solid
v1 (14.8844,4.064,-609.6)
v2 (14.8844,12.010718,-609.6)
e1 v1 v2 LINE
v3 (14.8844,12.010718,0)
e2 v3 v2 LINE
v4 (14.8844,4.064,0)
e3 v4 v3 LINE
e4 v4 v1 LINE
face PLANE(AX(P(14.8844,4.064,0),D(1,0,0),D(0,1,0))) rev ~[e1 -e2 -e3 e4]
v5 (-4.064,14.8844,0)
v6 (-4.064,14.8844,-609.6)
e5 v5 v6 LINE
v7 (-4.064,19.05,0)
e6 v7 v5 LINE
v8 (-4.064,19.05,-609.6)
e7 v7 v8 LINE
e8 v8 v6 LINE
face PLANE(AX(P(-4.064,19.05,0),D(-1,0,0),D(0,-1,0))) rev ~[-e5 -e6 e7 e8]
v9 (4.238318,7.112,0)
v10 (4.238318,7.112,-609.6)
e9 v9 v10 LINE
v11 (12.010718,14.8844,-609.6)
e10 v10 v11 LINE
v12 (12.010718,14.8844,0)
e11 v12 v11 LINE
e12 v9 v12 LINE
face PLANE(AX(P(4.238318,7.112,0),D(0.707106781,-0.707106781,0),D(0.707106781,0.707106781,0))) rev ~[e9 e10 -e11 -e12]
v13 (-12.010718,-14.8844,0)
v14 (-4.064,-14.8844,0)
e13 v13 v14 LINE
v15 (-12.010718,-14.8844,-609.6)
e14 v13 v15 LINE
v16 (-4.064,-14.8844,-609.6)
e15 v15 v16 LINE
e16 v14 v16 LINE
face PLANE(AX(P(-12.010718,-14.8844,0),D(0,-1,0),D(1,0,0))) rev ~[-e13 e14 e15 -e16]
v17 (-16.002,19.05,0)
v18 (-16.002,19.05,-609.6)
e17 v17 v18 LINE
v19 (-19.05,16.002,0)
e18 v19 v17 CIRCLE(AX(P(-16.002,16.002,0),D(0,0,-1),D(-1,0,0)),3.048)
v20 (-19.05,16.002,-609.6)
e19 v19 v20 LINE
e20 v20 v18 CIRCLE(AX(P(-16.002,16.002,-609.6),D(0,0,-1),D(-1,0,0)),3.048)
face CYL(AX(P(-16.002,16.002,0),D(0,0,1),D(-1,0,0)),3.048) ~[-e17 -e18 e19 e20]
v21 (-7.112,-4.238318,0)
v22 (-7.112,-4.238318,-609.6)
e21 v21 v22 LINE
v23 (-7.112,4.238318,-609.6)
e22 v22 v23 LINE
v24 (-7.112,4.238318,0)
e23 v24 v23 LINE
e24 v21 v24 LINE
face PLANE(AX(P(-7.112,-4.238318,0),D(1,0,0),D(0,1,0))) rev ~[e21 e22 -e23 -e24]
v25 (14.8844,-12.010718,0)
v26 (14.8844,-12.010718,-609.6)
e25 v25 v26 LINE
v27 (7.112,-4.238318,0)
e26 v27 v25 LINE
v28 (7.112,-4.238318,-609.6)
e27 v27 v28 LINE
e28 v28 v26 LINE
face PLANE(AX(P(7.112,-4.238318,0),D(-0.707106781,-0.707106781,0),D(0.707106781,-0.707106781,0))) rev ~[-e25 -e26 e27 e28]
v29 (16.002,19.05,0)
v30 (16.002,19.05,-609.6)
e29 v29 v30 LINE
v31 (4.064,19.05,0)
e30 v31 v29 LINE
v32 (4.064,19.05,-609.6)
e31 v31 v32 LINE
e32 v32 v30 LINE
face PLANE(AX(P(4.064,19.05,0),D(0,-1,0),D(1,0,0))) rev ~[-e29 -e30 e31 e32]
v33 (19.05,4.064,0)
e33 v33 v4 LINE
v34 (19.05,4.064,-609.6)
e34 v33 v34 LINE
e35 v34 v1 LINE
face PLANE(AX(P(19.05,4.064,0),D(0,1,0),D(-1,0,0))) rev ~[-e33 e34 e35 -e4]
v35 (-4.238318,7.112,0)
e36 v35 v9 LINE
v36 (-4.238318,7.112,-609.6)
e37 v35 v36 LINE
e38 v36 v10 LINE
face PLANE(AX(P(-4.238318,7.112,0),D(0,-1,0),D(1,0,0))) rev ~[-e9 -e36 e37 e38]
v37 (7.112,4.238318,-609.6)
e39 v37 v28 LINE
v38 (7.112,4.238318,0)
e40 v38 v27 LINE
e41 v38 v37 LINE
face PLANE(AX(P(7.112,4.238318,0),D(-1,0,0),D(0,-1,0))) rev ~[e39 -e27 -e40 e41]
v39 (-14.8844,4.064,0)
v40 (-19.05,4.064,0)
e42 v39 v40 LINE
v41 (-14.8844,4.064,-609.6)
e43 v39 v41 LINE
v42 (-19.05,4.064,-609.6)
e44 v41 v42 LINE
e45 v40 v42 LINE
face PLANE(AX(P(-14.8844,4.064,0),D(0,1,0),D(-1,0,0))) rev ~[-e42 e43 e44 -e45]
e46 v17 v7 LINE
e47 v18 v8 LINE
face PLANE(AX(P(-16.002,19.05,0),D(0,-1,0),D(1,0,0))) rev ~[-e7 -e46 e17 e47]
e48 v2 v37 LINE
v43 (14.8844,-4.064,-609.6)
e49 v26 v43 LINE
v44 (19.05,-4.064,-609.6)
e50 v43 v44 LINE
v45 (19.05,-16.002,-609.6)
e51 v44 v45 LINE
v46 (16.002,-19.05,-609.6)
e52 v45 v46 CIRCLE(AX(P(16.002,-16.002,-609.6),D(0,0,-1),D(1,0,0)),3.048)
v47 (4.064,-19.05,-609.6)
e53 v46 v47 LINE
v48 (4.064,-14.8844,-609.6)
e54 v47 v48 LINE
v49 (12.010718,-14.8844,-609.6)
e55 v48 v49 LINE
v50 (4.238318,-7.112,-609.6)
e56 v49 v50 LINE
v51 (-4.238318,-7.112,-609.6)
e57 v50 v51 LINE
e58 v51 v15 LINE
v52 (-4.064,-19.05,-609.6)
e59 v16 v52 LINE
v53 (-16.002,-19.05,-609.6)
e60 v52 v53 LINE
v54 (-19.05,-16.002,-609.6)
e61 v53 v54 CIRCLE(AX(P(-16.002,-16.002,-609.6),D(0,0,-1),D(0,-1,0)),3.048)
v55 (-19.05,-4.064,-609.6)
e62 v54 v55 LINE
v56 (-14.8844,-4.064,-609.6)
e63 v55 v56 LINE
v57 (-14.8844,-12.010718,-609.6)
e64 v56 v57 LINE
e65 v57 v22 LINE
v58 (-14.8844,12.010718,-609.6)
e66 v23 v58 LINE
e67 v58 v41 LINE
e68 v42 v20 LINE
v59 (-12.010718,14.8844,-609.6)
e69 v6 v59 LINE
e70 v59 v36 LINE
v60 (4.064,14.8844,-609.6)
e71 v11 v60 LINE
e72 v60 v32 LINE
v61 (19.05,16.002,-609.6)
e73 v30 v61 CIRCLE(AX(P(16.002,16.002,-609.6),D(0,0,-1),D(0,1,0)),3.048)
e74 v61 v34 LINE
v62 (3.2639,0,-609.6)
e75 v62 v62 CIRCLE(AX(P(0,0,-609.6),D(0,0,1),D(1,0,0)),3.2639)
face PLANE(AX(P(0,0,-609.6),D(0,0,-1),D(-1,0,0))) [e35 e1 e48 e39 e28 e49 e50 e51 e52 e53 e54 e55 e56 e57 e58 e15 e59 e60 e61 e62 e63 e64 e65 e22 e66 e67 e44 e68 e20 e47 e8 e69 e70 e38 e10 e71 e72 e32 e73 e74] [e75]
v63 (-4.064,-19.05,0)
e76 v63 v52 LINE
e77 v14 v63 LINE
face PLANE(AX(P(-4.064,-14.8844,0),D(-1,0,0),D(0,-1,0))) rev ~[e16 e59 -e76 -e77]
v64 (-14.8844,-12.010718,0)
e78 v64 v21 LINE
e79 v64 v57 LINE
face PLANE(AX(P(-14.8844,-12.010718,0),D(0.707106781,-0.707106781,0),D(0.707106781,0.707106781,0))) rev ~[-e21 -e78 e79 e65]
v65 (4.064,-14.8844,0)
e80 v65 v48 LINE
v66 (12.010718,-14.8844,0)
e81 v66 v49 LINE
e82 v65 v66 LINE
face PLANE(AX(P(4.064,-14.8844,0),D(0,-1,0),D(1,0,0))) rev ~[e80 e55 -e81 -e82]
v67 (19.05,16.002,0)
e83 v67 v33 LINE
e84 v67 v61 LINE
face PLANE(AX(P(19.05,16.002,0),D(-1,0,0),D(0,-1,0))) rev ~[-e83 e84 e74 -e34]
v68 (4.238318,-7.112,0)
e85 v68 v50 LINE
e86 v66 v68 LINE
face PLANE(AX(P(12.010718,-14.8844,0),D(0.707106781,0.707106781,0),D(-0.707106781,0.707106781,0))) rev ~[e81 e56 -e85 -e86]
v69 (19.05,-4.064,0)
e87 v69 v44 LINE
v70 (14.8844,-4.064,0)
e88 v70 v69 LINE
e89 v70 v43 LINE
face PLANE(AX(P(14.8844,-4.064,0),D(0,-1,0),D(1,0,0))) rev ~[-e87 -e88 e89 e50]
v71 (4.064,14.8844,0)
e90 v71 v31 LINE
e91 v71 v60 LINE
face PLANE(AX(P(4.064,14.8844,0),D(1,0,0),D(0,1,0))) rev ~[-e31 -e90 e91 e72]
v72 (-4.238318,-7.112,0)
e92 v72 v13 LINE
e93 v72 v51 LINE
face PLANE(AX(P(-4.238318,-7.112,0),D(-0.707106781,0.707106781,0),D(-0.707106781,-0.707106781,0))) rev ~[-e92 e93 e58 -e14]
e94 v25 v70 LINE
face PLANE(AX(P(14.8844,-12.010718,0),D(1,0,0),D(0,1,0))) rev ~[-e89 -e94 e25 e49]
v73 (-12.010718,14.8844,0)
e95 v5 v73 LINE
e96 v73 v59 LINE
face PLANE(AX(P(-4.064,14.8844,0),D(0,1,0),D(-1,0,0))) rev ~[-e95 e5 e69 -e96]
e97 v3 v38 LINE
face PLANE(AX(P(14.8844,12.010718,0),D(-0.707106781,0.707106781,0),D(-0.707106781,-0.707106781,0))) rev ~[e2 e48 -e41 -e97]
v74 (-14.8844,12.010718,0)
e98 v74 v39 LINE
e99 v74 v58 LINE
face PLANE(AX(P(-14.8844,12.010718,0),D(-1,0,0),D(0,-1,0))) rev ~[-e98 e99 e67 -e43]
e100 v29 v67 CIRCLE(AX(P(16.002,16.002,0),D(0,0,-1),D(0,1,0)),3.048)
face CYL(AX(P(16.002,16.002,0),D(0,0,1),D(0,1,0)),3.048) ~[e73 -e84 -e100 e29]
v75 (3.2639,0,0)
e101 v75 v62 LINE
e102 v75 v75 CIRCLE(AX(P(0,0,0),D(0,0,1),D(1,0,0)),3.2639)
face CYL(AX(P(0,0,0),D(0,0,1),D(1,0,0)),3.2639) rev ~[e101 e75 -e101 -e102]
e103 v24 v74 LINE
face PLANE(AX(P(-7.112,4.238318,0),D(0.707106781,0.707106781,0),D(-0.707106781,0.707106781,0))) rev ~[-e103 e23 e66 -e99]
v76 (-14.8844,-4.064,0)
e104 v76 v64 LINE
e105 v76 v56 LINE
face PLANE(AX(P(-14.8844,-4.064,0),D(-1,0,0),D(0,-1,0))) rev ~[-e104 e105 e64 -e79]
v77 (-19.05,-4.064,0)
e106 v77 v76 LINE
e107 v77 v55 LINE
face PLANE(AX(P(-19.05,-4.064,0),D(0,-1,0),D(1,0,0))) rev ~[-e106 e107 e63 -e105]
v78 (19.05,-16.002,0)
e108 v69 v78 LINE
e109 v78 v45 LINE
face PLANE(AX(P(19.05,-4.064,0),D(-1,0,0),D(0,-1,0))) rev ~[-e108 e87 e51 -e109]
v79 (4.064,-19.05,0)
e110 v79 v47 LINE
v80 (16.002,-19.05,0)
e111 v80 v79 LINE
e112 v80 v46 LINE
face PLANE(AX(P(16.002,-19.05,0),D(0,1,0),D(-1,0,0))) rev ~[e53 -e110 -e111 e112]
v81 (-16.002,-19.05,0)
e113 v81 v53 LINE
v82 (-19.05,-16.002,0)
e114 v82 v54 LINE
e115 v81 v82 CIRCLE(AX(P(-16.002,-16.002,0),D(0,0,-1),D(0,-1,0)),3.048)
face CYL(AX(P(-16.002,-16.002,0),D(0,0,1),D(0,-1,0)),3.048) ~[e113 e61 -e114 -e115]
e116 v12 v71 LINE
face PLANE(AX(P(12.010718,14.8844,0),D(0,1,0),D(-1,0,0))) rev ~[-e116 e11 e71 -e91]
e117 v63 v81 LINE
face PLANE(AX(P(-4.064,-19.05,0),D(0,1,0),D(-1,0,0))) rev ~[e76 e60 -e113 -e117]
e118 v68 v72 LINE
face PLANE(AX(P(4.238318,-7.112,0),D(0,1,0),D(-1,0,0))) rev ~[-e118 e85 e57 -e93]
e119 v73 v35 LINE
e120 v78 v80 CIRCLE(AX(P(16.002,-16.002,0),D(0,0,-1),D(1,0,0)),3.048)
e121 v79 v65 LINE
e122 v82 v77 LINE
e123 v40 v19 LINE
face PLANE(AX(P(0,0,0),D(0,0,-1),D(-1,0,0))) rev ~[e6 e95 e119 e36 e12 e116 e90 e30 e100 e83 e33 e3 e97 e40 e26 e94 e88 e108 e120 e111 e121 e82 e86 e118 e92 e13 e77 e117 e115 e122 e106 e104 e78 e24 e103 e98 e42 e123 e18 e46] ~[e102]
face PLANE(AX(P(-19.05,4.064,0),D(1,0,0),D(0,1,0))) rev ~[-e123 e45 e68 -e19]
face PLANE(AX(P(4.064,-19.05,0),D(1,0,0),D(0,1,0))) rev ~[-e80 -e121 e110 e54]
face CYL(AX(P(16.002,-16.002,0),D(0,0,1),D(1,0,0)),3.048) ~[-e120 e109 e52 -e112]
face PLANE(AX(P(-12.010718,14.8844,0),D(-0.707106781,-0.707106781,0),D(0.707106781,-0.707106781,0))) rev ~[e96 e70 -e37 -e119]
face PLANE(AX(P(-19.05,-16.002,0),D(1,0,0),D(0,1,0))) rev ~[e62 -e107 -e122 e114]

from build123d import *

# Parameters (mm, degrees)
SKETCH1_R      = 3.2639
FINALCUT_DEPTH = 609.6


with BuildPart() as part:
    # Sketch1 → FinalCut (new body)
    with BuildSketch(Plane.XY):
        with BuildLine():
            Line((-7.112, 0), (-7.112, 4.238318041))
            Line((-7.112, 4.238318041), (-14.8844, 12.010718041))
            Line((-14.8844, 12.010718041), (-14.8844, 4.064))
            Line((-14.8844, 4.064), (-19.05, 4.064))
            Line((-19.05, 4.064), (-19.05, 16.002))
            ThreePointArc((-19.05, 16.002), (-18.157261469, 18.157261469), (-16.002, 19.05))
            Line((-16.002, 19.05), (-4.064, 19.05))
            Line((-4.064, 19.05), (-4.064, 14.8844))
            Line((-4.064, 14.8844), (-12.010718041, 14.8844))
            Line((-12.010718041, 14.8844), (-4.238318041, 7.112))
            Line((-4.238318041, 7.112), (0, 7.112))
            Line((0, 7.112), (4.238318041, 7.112))
            Line((4.238318041, 7.112), (12.010718041, 14.8844))
            Line((12.010718041, 14.8844), (4.064, 14.8844))
            Line((4.064, 14.8844), (4.064, 19.05))
            Line((4.064, 19.05), (16.002, 19.05))
            ThreePointArc((16.002, 19.05), (18.157261469, 18.157261469), (19.05, 16.002))
            Line((19.05, 16.002), (19.05, 4.064))
            Line((19.05, 4.064), (14.8844, 4.064))
            Line((14.8844, 4.064), (14.8844, 12.010718041))
            Line((14.8844, 12.010718041), (7.112, 4.238318041))
            Line((7.112, 4.238318041), (7.112, 0))
            Line((7.112, 0), (7.112, -4.238318041))
            Line((7.112, -4.238318041), (14.8844, -12.010718041))
            Line((14.8844, -12.010718041), (14.8844, -4.064))
            Line((14.8844, -4.064), (19.05, -4.064))
            Line((19.05, -4.064), (19.05, -16.002))
            ThreePointArc((19.05, -16.002), (18.157261469, -18.157261469), (16.002, -19.05))
            Line((16.002, -19.05), (4.064, -19.05))
            Line((4.064, -19.05), (4.064, -14.8844))
            Line((4.064, -14.8844), (12.010718041, -14.8844))
            Line((12.010718041, -14.8844), (4.238318041, -7.112))
            Line((4.238318041, -7.112), (0, -7.112))
            Line((0, -7.112), (-4.238318041, -7.112))
            Line((-4.238318041, -7.112), (-12.010718041, -14.8844))
            Line((-12.010718041, -14.8844), (-4.064, -14.8844))
            Line((-4.064, -14.8844), (-4.064, -19.05))
            Line((-4.064, -19.05), (-16.002, -19.05))
            ThreePointArc((-16.002, -19.05), (-18.157261469, -18.157261469), (-19.05, -16.002))
            Line((-19.05, -16.002), (-19.05, -4.064))
            Line((-19.05, -4.064), (-14.8844, -4.064))
            Line((-14.8844, -4.064), (-14.8844, -12.010718041))
            Line((-14.8844, -12.010718041), (-7.112, -4.238318041))
            Line((-7.112, -4.238318041), (-7.112, 0))
        make_face()
        Circle(SKETCH1_R, mode=Mode.SUBTRACT)
    extrude(amount=-FINALCUT_DEPTH)


solid = part.part
